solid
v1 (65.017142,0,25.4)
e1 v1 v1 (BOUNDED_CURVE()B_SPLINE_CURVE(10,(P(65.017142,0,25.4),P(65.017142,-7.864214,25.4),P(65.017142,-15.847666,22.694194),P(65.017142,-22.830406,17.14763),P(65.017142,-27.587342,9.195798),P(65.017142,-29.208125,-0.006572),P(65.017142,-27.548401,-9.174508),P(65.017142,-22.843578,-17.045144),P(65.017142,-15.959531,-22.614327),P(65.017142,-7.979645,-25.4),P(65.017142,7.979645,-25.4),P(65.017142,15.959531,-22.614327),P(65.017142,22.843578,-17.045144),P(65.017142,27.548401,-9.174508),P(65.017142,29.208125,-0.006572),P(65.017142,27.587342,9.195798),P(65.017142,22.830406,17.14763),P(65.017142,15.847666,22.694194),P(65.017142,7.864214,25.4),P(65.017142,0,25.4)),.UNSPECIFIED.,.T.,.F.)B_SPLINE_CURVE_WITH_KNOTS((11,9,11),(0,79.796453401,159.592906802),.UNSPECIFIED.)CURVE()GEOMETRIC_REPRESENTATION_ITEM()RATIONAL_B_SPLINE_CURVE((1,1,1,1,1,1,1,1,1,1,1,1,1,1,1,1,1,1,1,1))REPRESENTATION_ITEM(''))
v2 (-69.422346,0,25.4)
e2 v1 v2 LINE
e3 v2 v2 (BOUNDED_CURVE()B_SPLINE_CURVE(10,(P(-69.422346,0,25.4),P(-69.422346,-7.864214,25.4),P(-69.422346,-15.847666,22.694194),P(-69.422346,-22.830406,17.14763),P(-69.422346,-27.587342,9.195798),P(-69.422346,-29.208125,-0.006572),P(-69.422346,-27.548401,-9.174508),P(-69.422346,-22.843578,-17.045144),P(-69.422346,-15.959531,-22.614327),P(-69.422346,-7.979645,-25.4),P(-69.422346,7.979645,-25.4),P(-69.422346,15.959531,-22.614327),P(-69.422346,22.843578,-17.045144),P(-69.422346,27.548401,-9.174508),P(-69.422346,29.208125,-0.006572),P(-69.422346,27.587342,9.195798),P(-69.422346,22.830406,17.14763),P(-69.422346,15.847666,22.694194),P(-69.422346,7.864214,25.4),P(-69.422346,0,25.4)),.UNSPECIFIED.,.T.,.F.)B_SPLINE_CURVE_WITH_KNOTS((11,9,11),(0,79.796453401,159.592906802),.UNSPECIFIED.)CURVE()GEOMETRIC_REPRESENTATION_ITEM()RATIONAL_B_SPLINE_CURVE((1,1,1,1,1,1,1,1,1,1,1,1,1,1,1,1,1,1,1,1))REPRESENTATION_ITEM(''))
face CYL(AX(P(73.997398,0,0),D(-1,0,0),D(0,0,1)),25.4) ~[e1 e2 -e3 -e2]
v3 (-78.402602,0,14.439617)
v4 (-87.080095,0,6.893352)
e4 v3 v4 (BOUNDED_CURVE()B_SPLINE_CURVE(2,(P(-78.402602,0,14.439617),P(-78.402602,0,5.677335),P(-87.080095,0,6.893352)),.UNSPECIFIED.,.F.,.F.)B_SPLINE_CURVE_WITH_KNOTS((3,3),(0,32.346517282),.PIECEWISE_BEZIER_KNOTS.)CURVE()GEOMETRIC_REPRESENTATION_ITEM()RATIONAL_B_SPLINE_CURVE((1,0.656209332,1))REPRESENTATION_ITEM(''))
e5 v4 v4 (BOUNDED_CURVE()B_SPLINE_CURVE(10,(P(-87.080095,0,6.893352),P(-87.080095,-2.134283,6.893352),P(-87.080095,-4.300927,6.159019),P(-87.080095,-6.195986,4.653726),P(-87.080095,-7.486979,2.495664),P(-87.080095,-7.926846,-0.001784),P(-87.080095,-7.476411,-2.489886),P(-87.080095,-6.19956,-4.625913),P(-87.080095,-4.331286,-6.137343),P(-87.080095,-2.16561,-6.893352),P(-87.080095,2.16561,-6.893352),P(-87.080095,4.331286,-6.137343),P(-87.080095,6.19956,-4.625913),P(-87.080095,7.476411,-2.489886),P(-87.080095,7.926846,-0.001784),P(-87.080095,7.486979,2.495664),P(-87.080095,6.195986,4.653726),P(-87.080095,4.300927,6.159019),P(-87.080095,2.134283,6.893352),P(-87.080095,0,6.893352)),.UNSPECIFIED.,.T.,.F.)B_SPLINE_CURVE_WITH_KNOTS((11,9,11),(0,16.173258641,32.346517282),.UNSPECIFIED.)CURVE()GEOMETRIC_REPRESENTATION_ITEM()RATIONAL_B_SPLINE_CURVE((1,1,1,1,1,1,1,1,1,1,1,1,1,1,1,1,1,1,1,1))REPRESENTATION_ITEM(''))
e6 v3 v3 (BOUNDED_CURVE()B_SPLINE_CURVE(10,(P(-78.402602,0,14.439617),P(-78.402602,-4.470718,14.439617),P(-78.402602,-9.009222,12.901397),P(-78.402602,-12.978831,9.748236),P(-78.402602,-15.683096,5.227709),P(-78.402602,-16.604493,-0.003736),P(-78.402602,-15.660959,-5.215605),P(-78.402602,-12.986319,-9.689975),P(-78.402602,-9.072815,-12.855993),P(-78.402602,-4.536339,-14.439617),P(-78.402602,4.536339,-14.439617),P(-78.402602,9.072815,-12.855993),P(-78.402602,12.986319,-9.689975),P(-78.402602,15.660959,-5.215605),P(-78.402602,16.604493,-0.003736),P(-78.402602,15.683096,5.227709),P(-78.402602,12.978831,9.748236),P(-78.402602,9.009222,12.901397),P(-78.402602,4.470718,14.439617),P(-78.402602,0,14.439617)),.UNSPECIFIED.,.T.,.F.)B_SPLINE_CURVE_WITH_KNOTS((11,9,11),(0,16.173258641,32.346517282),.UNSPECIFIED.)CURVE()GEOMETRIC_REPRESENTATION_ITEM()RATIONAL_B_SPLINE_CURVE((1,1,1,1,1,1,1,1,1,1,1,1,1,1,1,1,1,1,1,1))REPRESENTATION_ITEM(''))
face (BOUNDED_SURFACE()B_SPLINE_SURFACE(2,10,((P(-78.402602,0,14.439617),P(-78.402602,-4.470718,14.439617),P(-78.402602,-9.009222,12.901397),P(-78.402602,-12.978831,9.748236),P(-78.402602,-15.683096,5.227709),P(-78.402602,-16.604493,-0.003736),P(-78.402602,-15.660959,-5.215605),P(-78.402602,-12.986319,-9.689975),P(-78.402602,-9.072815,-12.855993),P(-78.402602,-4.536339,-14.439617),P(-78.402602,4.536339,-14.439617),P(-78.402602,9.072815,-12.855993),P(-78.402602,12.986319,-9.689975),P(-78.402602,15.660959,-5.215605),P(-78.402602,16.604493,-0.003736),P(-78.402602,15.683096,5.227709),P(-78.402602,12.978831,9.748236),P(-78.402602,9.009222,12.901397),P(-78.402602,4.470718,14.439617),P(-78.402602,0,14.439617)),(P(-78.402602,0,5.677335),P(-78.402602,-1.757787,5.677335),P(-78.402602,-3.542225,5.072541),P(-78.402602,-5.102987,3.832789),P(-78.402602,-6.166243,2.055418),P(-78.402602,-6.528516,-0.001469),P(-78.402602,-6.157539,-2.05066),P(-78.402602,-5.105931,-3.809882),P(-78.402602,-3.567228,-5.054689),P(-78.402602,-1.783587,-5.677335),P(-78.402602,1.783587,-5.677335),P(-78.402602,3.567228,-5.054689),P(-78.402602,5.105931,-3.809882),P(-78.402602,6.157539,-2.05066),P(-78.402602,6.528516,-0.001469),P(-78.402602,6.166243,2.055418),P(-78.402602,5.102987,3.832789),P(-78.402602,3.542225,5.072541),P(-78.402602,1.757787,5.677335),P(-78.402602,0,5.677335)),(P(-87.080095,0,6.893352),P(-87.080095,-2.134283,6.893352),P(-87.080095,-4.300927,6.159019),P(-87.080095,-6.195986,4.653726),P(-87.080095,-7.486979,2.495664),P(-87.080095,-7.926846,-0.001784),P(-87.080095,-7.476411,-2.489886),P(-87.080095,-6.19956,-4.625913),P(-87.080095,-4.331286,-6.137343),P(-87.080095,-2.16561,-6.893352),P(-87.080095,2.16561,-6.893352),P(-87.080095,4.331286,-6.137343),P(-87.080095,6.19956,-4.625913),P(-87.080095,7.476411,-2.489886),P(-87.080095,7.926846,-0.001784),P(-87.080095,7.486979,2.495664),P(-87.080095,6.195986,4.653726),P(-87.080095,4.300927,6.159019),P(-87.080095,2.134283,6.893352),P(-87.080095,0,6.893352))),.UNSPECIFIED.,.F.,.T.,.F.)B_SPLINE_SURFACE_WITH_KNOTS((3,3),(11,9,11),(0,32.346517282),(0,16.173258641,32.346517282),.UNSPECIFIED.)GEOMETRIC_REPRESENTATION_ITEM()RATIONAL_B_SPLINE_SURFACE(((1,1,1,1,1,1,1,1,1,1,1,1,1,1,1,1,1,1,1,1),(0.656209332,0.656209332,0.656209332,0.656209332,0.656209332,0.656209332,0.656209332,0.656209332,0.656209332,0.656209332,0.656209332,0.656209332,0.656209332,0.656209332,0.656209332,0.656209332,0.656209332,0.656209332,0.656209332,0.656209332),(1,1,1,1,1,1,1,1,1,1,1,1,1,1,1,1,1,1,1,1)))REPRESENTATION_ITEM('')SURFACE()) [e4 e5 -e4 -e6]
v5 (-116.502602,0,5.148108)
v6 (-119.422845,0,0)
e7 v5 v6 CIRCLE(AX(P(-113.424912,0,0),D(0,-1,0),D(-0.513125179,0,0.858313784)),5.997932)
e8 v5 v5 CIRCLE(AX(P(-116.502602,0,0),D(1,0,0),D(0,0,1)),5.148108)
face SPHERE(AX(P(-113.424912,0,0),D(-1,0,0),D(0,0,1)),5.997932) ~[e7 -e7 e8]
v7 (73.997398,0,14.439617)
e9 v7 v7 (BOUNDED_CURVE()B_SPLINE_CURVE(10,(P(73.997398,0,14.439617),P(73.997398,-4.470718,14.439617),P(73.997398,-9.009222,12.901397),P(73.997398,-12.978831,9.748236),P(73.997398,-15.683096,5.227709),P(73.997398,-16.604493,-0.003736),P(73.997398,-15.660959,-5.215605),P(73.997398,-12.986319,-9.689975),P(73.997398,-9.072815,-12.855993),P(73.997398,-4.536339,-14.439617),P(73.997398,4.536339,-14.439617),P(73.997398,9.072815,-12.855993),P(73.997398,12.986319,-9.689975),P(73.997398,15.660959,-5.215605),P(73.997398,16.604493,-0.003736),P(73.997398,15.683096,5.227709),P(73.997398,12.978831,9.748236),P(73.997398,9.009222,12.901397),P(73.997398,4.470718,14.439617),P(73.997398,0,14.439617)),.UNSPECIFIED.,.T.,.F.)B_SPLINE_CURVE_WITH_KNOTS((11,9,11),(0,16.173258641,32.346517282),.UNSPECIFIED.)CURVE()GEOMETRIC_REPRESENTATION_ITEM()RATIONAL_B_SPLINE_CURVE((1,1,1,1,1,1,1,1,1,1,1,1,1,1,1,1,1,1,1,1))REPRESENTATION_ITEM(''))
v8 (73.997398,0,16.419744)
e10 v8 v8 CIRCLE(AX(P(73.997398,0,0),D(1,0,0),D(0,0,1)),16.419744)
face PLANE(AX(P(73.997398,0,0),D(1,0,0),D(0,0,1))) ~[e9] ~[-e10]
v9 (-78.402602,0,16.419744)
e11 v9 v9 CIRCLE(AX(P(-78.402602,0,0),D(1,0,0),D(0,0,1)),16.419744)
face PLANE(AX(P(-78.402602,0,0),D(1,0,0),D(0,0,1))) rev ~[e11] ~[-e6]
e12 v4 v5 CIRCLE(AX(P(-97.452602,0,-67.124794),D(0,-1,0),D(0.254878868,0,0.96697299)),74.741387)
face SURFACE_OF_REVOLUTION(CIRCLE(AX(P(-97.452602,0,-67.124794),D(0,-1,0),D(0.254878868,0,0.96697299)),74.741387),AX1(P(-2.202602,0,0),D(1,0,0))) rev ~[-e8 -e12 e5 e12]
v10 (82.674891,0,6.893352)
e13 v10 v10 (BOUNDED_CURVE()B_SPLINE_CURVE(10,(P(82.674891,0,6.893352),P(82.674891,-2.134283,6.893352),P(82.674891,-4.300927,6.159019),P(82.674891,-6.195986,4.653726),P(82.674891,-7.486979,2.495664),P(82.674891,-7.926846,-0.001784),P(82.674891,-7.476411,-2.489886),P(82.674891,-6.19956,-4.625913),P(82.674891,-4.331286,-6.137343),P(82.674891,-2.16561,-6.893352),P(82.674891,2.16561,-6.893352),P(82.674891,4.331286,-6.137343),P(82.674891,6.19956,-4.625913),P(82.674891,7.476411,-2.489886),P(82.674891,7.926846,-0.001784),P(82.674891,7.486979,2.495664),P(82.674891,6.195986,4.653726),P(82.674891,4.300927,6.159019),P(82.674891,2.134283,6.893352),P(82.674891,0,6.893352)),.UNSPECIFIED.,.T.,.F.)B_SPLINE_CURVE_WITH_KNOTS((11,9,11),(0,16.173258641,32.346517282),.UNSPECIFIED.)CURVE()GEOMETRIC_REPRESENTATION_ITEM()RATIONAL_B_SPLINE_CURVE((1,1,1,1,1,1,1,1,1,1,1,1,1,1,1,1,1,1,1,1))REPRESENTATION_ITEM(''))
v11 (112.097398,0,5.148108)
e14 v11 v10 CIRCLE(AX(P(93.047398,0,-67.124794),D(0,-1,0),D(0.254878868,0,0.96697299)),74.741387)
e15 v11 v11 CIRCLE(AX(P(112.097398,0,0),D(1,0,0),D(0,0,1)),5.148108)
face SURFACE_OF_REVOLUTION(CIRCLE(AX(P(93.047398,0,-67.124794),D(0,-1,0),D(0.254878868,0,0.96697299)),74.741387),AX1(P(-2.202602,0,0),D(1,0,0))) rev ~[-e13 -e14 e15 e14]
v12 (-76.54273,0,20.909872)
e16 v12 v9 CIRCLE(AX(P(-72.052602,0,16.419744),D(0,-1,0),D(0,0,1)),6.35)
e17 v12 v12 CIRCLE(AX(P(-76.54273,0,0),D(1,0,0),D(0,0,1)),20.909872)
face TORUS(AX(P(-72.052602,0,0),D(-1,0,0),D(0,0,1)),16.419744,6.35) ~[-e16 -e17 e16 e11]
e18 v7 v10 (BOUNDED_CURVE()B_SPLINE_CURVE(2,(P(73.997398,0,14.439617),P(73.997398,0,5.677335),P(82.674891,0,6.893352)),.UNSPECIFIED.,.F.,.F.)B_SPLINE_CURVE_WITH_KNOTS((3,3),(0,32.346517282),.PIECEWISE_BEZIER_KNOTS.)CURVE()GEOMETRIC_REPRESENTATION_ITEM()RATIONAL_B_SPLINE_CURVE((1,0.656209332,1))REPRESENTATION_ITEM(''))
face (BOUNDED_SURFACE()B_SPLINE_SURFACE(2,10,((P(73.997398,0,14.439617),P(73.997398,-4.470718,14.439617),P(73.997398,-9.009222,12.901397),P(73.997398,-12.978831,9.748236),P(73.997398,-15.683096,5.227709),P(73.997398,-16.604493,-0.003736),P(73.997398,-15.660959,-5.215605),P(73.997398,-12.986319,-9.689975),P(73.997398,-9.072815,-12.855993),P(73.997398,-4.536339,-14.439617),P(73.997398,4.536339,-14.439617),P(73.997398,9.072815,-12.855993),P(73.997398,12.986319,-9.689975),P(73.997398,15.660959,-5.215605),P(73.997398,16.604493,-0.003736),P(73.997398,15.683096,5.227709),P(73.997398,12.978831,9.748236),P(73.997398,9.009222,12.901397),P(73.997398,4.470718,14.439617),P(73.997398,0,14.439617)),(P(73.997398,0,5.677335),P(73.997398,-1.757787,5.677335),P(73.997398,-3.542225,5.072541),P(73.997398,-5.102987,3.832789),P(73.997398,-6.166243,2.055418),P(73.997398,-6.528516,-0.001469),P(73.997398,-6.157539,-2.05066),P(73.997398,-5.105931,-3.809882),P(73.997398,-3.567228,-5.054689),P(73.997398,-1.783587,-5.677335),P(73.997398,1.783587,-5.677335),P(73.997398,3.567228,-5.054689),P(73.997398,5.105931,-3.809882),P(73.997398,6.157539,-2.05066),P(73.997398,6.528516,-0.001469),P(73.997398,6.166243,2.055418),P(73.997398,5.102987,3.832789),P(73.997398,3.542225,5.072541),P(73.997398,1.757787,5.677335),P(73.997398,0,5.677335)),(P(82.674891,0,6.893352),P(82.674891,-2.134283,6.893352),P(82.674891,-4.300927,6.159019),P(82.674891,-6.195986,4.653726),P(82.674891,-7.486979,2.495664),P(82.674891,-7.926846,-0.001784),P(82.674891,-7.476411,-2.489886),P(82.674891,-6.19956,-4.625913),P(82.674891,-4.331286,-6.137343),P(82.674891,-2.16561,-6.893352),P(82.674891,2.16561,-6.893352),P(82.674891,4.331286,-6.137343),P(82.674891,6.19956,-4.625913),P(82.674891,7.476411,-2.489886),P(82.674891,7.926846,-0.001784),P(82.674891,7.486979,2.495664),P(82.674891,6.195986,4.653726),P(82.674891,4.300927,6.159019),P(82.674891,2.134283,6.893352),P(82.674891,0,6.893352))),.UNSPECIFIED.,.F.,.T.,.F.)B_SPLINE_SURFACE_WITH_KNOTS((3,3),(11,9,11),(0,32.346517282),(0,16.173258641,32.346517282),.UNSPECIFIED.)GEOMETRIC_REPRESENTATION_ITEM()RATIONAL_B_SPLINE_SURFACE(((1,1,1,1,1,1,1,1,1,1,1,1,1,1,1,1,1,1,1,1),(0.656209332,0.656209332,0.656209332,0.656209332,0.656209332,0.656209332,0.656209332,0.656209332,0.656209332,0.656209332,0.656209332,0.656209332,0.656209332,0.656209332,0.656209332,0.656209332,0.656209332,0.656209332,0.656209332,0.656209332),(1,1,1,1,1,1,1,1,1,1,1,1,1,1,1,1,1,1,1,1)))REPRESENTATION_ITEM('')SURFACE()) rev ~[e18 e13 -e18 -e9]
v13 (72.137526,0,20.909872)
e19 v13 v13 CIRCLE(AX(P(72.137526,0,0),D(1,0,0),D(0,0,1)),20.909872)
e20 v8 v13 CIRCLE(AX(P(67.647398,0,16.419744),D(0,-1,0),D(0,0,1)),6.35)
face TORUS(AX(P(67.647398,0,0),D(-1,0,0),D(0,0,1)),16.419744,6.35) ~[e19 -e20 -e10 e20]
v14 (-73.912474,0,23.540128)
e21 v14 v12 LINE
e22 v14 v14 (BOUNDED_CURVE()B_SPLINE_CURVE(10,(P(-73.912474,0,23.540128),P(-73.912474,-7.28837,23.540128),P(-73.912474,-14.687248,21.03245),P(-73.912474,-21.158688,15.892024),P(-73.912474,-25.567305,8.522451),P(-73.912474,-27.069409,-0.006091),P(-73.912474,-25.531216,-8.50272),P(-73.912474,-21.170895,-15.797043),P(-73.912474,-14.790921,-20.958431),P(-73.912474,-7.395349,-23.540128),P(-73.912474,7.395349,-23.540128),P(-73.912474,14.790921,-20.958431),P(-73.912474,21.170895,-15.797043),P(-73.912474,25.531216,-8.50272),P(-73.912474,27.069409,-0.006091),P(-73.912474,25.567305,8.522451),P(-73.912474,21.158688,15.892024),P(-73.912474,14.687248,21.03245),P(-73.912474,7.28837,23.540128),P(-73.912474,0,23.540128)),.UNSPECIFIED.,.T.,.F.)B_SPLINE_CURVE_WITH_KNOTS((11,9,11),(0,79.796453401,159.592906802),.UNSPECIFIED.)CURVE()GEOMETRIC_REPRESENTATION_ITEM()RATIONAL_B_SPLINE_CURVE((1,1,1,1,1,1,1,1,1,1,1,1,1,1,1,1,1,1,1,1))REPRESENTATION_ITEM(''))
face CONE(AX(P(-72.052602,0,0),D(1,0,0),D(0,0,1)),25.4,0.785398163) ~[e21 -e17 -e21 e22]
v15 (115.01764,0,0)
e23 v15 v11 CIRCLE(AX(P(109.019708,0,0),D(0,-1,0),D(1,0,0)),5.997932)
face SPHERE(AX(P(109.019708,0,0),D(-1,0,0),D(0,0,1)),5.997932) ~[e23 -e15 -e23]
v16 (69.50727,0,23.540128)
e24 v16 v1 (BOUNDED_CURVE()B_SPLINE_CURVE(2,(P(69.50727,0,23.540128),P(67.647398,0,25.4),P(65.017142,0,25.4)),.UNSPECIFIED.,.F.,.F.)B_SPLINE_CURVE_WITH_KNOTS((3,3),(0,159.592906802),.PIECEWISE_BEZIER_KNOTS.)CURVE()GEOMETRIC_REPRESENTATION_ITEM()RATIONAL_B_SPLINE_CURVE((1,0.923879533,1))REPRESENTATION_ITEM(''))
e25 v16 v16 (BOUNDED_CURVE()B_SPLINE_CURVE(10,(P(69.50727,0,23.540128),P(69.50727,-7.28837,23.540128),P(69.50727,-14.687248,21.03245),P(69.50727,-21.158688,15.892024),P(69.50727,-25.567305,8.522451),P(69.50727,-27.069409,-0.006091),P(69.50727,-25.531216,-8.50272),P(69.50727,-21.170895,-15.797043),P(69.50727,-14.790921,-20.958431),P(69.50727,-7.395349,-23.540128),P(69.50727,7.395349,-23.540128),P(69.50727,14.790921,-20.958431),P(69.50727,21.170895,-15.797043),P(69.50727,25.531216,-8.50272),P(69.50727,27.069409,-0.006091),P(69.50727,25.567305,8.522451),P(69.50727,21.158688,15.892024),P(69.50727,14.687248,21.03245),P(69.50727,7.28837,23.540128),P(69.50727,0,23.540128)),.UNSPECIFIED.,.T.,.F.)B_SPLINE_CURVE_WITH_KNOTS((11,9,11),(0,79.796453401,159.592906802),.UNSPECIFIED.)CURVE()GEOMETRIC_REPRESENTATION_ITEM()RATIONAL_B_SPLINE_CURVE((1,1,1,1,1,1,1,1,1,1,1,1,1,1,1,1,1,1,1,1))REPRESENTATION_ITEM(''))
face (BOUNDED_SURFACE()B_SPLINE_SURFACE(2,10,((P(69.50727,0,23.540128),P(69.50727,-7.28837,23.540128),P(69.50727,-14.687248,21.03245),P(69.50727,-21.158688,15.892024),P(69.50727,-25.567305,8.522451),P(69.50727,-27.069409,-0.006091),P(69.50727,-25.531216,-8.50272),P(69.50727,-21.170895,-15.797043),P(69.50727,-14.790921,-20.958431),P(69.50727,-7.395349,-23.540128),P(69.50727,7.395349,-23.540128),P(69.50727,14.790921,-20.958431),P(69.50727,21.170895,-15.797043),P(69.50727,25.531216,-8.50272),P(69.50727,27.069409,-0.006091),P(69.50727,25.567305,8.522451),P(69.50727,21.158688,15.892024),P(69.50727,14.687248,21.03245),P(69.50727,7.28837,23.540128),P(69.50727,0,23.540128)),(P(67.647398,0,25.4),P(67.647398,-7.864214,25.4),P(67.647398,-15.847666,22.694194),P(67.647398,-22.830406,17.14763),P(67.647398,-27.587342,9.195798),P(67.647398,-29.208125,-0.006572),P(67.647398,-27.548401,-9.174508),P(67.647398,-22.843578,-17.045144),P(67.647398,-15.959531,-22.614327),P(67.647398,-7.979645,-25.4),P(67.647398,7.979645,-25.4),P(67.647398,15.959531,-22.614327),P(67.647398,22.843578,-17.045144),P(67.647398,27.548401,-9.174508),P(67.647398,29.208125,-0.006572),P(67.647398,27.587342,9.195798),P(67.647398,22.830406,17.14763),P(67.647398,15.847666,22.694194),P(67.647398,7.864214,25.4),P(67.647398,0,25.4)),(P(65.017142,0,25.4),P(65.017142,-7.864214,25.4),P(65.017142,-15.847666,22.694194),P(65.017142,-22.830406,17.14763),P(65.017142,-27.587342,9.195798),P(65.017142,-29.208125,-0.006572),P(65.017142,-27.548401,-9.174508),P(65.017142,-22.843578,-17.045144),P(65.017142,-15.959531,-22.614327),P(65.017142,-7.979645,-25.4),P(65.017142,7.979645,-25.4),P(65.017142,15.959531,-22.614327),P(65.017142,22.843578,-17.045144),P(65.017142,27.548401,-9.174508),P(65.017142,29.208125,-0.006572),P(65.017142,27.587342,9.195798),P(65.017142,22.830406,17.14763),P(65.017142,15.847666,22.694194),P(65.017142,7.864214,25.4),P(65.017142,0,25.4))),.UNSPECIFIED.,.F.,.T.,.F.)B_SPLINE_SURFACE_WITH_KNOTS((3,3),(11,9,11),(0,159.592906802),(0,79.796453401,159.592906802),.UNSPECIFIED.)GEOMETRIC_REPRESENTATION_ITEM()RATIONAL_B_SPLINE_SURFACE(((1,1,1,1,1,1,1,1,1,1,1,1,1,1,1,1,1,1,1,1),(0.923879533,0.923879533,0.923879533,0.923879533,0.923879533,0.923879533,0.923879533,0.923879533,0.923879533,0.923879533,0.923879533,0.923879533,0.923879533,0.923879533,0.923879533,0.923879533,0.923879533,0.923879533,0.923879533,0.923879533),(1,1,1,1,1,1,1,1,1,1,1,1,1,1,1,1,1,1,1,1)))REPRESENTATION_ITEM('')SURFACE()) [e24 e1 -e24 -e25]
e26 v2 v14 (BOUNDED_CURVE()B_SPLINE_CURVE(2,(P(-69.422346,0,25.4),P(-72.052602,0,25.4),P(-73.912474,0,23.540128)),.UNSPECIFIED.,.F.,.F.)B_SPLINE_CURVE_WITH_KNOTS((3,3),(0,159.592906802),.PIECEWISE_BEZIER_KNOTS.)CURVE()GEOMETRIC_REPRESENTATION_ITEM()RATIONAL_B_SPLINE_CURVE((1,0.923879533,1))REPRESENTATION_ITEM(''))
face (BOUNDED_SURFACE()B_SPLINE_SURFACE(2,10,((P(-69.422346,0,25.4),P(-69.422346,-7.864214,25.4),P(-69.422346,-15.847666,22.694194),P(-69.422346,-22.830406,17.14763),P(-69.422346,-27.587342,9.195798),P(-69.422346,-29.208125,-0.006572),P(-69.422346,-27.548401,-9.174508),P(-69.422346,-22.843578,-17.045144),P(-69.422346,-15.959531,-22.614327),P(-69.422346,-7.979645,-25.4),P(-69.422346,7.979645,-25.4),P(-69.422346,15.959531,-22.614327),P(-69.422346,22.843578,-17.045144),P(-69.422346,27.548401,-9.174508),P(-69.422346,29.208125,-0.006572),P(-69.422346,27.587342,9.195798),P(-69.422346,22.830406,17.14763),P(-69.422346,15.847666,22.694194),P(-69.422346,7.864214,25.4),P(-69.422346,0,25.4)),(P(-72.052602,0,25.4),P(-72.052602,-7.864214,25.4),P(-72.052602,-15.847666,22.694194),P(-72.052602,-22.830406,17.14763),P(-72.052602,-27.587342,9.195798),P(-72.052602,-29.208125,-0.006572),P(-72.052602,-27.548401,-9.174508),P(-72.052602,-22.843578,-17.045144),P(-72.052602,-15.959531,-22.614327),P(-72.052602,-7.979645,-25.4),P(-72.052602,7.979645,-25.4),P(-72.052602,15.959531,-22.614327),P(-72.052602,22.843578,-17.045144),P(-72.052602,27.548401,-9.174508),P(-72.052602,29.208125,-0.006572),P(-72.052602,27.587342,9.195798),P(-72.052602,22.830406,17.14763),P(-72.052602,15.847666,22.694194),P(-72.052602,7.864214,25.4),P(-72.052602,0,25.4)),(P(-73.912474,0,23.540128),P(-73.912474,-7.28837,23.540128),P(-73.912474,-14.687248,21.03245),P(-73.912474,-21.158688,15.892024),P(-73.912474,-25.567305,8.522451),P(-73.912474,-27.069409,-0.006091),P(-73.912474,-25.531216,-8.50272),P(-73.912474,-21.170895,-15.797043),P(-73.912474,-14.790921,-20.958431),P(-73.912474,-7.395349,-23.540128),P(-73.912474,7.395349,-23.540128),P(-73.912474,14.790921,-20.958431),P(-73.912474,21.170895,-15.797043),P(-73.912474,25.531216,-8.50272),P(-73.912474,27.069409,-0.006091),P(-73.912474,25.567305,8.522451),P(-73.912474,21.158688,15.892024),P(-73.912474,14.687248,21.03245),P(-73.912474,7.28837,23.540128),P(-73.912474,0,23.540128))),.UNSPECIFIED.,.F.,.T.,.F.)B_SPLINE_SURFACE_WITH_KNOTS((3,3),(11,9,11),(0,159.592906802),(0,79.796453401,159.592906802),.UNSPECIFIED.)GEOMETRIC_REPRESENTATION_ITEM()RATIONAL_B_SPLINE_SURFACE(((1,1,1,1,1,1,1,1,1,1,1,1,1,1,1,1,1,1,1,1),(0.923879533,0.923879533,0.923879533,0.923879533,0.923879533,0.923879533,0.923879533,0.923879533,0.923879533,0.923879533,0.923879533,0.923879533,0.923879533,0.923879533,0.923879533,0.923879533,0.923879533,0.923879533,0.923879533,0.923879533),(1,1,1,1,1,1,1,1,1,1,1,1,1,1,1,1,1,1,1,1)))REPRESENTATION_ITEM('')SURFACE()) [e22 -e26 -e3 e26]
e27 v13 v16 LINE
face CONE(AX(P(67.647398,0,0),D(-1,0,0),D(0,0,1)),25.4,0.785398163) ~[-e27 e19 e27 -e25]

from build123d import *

# Parameters (mm, degrees)
F2_SIZE = 6.35
F3_R    = 6.35
F4_R    = 7.62


with BuildPart() as f1:
    # F0 (on Front) → F1 (revolve)
    with BuildSketch(Plane.XZ):
        with BuildLine():
            Line((-113.4249120951, 0), (-78.4026022691, 0))
            Line((-78.4026022691, 0), (73.9973977309, 0))
            Line((73.9973977309, 0), (109.0197075568, 0))
            Line((109.0197075568, 0), (115.0176400335, 0))
            ThreePointArc((115.0176400335, 0), (114.2367455979, 2.9593425069), (112.0973977309, 5.1481081173))
            ThreePointArc((112.0973977309, 5.1481081173), (93.0473977309, 7.6165926694), (73.9973977309, 5.1481081173))
            Line((73.9973977309, 5.1481081173), (73.9973977309, 25.4))
            Line((73.9973977309, 25.4), (-78.4026022691, 25.4))
            Line((-78.4026022691, 25.4), (-78.4026022691, 5.1481081173))
            ThreePointArc((-78.4026022691, 5.1481081173), (-97.4526022691, 7.6165926694), (-116.5026022691, 5.1481081173))
            ThreePointArc((-116.5026022691, 5.1481081173), (-118.6419501361, 2.9593425069), (-119.4228445717, 0))
            Line((-119.4228445717, 0), (-113.4249120951, 0))
        make_face()
    revolve(axis=Axis((-2.2026022691, 0, 0), (1, 0, 0)))

    # F2
    f2_edges = [f1.edges().sort_by_distance(p)[0] for p in [
        (73.997398, 0, -25.4),
        (-78.402602, 0, -25.4),
    ]]
    chamfer(f2_edges, length=F2_SIZE)

    # F3
    f3_edges = [f1.edges().sort_by_distance(p)[0] for p in [
        (73.997398, 0, -19.05),
        (67.647398, 0, -25.4),
        (-78.402602, 0, -19.05),
        (-72.052602, 0, -25.4),
    ]]
    fillet(f3_edges, radius=F3_R)

    # F4
    f4_edges = [f1.edges().sort_by_distance(p)[0] for p in [
        (73.997398, 0, -5.148108),
        (-78.402602, 0, -5.148108),
    ]]
    fillet(f4_edges, radius=F4_R)


solid = f1.part
